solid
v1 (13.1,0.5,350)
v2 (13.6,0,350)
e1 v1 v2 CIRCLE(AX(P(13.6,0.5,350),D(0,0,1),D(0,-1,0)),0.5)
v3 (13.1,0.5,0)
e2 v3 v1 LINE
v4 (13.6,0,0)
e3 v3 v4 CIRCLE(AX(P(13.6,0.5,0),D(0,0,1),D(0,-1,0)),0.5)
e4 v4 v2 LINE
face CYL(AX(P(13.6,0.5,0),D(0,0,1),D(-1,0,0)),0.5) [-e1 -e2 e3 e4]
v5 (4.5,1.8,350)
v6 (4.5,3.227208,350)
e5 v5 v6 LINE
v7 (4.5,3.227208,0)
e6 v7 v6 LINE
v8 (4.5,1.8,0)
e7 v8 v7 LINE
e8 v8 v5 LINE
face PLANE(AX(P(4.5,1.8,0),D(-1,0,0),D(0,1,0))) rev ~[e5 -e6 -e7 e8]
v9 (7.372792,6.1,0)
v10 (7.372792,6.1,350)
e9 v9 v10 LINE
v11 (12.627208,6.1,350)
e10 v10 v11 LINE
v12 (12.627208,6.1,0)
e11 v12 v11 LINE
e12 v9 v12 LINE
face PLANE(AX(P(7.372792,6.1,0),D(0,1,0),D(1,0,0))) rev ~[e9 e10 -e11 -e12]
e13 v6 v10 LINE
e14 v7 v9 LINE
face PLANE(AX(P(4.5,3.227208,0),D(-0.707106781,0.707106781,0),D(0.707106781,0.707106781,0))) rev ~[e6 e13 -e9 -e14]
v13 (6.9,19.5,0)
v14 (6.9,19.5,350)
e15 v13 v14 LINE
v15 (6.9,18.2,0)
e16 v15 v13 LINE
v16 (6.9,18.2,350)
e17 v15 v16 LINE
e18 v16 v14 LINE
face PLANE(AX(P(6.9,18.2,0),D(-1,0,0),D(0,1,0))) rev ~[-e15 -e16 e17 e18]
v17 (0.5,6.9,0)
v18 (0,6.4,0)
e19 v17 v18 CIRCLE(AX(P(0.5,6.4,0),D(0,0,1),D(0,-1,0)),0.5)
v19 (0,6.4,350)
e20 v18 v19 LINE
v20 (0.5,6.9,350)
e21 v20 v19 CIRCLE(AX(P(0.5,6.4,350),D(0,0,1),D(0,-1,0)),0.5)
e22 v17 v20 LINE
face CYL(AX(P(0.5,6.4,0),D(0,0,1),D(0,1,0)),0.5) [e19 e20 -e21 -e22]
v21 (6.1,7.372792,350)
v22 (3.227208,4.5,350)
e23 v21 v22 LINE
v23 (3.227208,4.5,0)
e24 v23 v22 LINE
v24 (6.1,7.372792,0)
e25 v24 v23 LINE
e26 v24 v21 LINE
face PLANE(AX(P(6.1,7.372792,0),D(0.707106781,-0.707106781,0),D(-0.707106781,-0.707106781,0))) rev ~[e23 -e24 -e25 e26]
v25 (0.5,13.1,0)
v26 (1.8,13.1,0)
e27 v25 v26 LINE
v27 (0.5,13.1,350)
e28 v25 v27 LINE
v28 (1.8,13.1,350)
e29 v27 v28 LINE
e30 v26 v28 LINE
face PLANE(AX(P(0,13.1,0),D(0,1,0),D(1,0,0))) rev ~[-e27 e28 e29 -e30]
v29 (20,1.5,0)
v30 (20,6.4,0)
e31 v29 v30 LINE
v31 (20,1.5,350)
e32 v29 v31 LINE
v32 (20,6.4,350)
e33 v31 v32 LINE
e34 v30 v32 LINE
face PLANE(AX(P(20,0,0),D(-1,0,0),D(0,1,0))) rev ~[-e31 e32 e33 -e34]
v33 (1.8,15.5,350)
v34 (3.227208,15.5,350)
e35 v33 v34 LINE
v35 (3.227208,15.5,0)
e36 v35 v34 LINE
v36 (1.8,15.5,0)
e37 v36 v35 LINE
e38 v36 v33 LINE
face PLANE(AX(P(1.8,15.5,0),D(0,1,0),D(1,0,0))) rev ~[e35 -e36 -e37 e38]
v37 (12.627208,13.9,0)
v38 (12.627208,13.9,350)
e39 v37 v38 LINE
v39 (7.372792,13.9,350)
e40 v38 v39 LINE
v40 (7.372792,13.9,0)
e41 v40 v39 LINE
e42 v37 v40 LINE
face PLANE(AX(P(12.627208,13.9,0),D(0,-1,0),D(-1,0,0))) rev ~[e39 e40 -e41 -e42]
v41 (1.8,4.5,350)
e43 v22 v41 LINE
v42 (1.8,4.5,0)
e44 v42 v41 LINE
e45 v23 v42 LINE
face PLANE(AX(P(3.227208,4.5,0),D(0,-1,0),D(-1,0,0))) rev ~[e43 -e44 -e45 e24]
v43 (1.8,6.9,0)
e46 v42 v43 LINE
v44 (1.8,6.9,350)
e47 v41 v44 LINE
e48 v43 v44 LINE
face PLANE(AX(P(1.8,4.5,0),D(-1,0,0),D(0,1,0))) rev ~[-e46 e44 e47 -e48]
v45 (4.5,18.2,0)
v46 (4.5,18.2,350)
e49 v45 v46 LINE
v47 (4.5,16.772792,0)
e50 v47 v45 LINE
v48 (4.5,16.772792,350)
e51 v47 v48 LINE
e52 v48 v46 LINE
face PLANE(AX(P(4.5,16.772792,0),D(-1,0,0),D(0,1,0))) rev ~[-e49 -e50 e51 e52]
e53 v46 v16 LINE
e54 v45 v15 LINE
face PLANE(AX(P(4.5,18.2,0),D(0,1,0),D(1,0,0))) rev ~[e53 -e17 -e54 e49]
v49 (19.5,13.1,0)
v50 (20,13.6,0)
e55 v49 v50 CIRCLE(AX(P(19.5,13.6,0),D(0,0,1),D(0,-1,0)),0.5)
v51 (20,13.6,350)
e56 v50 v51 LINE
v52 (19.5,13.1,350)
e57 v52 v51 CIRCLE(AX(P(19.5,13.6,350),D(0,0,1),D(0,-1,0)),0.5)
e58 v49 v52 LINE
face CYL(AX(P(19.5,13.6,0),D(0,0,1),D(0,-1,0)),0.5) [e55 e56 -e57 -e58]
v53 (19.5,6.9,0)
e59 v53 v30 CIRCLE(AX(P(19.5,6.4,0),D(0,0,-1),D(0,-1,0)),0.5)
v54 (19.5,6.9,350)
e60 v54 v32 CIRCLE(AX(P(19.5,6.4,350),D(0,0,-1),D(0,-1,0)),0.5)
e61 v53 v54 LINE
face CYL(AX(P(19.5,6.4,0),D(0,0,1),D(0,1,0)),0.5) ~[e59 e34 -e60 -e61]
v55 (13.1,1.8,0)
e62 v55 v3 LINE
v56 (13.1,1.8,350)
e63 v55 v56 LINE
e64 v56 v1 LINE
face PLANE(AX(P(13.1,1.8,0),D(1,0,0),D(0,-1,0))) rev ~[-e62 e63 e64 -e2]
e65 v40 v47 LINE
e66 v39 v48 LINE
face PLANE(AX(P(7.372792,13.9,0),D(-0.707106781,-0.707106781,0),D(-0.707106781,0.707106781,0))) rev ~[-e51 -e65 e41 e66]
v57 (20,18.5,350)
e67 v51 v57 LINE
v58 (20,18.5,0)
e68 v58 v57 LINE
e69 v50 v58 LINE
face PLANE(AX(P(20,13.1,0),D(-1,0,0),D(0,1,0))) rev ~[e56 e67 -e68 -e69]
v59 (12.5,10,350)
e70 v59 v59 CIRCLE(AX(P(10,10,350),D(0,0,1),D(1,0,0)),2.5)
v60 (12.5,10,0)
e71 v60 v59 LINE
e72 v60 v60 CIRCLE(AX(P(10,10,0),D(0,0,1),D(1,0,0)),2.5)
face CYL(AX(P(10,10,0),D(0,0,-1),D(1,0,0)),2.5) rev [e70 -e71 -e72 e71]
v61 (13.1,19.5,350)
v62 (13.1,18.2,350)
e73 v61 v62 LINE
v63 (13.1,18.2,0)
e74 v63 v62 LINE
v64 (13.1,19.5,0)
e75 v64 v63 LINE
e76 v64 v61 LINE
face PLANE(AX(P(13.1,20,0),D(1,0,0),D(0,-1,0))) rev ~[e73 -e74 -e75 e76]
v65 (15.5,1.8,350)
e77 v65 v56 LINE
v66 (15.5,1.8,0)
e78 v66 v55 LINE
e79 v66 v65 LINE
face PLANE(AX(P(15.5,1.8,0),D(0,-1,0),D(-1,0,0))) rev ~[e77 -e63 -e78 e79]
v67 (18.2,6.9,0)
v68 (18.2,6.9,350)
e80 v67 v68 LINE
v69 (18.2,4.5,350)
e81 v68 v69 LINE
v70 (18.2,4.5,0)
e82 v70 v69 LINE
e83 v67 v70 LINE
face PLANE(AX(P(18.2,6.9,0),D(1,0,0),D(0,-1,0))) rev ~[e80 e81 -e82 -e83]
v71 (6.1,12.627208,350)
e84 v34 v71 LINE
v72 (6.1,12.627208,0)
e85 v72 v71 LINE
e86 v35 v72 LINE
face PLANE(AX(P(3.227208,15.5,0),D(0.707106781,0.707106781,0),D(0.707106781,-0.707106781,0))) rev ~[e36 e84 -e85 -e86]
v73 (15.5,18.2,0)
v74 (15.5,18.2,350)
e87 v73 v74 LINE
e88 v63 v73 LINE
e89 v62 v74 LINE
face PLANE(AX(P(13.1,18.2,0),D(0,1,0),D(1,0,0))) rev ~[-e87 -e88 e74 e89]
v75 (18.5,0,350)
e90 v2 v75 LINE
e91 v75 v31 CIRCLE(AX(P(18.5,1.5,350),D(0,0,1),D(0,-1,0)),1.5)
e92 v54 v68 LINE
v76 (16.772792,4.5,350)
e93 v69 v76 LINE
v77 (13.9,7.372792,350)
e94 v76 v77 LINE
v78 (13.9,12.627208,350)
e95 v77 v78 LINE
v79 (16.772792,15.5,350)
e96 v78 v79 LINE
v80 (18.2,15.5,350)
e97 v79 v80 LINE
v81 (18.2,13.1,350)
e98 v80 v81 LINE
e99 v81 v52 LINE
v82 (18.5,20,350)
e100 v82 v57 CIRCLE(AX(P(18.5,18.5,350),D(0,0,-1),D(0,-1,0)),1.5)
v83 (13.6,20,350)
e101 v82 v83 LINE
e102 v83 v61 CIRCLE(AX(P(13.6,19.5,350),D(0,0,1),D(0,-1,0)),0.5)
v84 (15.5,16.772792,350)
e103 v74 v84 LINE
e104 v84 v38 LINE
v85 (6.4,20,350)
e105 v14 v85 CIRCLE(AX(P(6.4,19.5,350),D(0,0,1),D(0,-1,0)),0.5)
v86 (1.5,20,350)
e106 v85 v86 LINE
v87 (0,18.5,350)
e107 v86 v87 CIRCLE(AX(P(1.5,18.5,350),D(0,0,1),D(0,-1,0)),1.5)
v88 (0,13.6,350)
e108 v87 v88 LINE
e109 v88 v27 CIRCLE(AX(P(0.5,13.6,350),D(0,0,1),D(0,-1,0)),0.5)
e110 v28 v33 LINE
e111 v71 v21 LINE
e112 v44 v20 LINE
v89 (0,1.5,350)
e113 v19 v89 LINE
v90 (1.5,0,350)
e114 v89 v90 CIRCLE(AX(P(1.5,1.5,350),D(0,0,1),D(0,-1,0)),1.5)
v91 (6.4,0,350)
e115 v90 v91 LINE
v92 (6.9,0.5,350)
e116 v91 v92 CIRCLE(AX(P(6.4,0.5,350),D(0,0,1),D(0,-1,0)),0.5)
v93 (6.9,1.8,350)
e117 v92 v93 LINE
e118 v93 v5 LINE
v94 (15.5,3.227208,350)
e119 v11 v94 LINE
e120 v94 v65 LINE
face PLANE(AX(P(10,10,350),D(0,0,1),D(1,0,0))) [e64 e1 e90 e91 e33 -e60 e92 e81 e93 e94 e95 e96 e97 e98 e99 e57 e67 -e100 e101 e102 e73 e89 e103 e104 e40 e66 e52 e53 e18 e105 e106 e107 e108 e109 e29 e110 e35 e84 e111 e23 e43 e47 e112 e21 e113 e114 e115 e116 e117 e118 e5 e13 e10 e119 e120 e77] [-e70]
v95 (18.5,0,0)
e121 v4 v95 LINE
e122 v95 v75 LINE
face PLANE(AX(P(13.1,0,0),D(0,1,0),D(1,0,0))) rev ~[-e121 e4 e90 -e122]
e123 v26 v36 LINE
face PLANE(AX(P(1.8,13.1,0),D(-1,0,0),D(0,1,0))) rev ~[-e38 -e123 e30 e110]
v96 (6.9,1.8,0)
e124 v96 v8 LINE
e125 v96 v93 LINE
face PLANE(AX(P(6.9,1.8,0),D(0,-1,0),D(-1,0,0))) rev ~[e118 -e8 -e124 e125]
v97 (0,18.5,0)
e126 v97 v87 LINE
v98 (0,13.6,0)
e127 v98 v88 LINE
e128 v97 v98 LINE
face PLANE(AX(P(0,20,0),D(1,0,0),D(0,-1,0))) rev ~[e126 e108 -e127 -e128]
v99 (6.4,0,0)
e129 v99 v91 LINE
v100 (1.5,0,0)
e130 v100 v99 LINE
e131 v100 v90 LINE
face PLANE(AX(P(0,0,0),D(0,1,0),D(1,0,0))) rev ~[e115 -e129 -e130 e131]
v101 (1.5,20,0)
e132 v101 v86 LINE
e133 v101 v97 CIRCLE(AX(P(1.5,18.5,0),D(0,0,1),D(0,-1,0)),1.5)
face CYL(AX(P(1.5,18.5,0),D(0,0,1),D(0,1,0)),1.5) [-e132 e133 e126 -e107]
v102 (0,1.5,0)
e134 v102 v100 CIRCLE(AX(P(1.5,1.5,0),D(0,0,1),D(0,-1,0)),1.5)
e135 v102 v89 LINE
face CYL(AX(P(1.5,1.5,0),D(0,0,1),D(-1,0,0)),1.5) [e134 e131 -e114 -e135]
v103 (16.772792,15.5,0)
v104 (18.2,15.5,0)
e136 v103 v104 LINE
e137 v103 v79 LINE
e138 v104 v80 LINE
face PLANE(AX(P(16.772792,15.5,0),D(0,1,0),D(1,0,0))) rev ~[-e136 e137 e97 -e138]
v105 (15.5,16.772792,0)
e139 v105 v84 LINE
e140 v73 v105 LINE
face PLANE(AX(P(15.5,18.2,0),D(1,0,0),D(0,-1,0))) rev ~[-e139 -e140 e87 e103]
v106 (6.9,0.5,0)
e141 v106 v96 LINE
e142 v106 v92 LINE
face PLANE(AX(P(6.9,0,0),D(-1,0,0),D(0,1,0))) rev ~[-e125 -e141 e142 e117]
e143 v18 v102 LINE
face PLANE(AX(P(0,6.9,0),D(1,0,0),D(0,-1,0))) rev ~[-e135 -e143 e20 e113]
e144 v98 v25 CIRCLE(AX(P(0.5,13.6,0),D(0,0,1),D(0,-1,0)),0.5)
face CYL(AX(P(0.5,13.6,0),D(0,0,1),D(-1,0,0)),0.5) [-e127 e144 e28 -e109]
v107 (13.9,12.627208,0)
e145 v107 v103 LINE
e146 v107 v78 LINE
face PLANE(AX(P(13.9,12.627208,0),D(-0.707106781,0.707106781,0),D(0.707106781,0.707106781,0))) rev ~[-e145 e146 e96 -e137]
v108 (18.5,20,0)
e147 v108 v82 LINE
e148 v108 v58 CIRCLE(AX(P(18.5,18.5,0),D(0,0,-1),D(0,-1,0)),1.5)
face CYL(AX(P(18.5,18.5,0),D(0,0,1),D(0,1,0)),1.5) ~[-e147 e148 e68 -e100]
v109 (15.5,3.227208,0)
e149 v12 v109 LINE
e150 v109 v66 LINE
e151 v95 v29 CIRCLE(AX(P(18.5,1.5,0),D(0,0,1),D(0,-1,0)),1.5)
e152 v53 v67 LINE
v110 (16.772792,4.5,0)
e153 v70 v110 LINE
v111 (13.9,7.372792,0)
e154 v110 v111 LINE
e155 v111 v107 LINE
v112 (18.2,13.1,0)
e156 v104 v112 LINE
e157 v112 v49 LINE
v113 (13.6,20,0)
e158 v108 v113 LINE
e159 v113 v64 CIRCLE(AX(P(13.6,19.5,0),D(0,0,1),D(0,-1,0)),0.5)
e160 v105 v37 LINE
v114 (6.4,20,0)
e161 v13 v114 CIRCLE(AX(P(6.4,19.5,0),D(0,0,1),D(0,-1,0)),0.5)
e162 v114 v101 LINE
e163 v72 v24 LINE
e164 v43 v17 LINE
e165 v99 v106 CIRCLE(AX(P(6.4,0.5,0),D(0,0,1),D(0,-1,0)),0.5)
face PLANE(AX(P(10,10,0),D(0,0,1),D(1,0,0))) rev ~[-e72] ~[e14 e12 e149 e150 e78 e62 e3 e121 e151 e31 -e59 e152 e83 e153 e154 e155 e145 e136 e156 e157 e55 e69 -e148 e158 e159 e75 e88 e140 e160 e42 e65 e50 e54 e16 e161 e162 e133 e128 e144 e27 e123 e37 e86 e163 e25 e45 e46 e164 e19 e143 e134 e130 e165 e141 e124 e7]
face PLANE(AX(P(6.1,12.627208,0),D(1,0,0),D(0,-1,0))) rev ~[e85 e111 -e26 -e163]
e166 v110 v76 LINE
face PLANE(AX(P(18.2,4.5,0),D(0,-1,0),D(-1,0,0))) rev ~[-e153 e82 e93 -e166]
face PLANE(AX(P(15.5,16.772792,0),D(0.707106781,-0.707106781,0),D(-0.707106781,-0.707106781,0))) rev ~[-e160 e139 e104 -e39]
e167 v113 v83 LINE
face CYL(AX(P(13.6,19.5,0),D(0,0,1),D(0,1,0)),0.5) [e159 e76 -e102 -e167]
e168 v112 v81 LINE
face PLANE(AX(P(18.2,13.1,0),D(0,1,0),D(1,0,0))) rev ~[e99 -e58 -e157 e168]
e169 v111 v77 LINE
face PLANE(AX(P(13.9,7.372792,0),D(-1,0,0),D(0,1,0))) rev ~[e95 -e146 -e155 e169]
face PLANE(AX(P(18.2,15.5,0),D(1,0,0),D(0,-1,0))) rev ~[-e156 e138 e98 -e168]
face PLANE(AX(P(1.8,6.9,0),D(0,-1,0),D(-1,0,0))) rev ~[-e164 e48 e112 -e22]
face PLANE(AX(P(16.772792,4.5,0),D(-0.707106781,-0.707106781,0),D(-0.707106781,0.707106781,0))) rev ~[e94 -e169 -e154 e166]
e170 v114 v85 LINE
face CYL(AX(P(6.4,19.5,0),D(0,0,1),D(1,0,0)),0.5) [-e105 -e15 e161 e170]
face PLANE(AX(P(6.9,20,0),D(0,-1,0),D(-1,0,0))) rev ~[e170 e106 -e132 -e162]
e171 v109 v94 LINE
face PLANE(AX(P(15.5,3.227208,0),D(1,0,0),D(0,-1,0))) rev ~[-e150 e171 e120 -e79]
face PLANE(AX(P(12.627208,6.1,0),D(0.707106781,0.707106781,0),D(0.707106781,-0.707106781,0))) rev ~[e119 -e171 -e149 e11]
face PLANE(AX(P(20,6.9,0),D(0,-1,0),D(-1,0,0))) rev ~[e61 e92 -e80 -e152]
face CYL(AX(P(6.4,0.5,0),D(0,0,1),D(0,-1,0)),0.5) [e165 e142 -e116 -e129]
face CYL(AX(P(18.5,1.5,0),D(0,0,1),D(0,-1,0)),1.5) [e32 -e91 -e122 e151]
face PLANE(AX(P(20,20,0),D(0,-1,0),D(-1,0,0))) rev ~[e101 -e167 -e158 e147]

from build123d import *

# Parameters (mm, degrees)
SKETCH_1_R      = 2.5
EXTRUDE_1_DEPTH = 350
FILLET_1_R      = 1.5
FILLET_2_R      = 1.5
FILLET_3_R      = 1.5
FILLET_4_R      = 1.5
FILLET_5_R      = 0.5
FILLET_6_R      = 0.5
FILLET_7_R      = 0.5
FILLET_8_R      = 0.5
FILLET_9_R      = 0.5
FILLET_10_R     = 0.5
FILLET_11_R     = 0.5
FILLET_12_R     = 0.5


with BuildPart() as part:
    # 草图1 → 凸台-拉伸1 (new body)
    with BuildSketch(Plane.XY):
        Polygon((0, 6.9), (0, 0), (6.9, 0), (6.9, 1.8), (4.5, 1.8), (4.5, 3.227207794), (7.372792206, 6.1), (12.627207794, 6.1), (15.5, 3.227207794), (15.5, 1.8), (13.1, 1.8), (13.1, 0), (20, 0), (20, 6.9), (18.2, 6.9), (18.2, 4.5), (16.772792206, 4.5), (13.9, 7.372792206), (13.9, 12.627207794), (16.772792206, 15.5), (18.2, 15.5), (18.2, 13.1), (20, 13.1), (20, 20), (13.1, 20), (13.1, 18.2), (15.5, 18.2), (15.5, 16.772792206), (12.627207794, 13.9), (7.372792206, 13.9), (4.5, 16.772792206), (4.5, 18.2), (6.9, 18.2), (6.9, 20), (0, 20), (0, 13.1), (1.8, 13.1), (1.8, 15.5), (3.227207794, 15.5), (6.1, 12.627207794), (6.1, 7.372792206), (3.227207794, 4.5), (1.8, 4.5), (1.8, 6.9), align=None)
        with Locations((10, 10)):
            Circle(SKETCH_1_R, mode=Mode.SUBTRACT)
    extrude(amount=EXTRUDE_1_DEPTH)

    # 圆角1
    fillet_1_edges = [part.edges().sort_by_distance(p)[0] for p in [
        (20, 20, 175),
    ]]
    fillet(fillet_1_edges, radius=FILLET_1_R)

    # 圆角2
    fillet_2_edges = [part.edges().sort_by_distance(p)[0] for p in [
        (0, 20, 175),
    ]]
    fillet(fillet_2_edges, radius=FILLET_2_R)

    # 圆角3
    fillet_3_edges = [part.edges().sort_by_distance(p)[0] for p in [
        (0, 0, 175),
    ]]
    fillet(fillet_3_edges, radius=FILLET_3_R)

    # 圆角4
    fillet_4_edges = [part.edges().sort_by_distance(p)[0] for p in [
        (20, 0, 175),
    ]]
    fillet(fillet_4_edges, radius=FILLET_4_R)

    # 圆角5
    fillet_5_edges = [part.edges().sort_by_distance(p)[0] for p in [
        (13.1, 20, 175),
    ]]
    fillet(fillet_5_edges, radius=FILLET_5_R)

    # 圆角6
    fillet_6_edges = [part.edges().sort_by_distance(p)[0] for p in [
        (6.9, 20, 175),
    ]]
    fillet(fillet_6_edges, radius=FILLET_6_R)

    # 圆角7
    fillet_7_edges = [part.edges().sort_by_distance(p)[0] for p in [
        (0, 13.1, 175),
    ]]
    fillet(fillet_7_edges, radius=FILLET_7_R)

    # 圆角8
    fillet_8_edges = [part.edges().sort_by_distance(p)[0] for p in [
        (0, 6.9, 175),
    ]]
    fillet(fillet_8_edges, radius=FILLET_8_R)

    # 圆角9
    fillet_9_edges = [part.edges().sort_by_distance(p)[0] for p in [
        (6.9, 0, 175),
    ]]
    fillet(fillet_9_edges, radius=FILLET_9_R)

    # 圆角10
    fillet_10_edges = [part.edges().sort_by_distance(p)[0] for p in [
        (13.1, 0, 175),
    ]]
    fillet(fillet_10_edges, radius=FILLET_10_R)

    # 圆角11
    fillet_11_edges = [part.edges().sort_by_distance(p)[0] for p in [
        (20, 13.1, 175),
    ]]
    fillet(fillet_11_edges, radius=FILLET_11_R)

    # 圆角12
    fillet_12_edges = [part.edges().sort_by_distance(p)[0] for p in [
        (20, 6.9, 175),
    ]]
    fillet(fillet_12_edges, radius=FILLET_12_R)


solid = part.part
